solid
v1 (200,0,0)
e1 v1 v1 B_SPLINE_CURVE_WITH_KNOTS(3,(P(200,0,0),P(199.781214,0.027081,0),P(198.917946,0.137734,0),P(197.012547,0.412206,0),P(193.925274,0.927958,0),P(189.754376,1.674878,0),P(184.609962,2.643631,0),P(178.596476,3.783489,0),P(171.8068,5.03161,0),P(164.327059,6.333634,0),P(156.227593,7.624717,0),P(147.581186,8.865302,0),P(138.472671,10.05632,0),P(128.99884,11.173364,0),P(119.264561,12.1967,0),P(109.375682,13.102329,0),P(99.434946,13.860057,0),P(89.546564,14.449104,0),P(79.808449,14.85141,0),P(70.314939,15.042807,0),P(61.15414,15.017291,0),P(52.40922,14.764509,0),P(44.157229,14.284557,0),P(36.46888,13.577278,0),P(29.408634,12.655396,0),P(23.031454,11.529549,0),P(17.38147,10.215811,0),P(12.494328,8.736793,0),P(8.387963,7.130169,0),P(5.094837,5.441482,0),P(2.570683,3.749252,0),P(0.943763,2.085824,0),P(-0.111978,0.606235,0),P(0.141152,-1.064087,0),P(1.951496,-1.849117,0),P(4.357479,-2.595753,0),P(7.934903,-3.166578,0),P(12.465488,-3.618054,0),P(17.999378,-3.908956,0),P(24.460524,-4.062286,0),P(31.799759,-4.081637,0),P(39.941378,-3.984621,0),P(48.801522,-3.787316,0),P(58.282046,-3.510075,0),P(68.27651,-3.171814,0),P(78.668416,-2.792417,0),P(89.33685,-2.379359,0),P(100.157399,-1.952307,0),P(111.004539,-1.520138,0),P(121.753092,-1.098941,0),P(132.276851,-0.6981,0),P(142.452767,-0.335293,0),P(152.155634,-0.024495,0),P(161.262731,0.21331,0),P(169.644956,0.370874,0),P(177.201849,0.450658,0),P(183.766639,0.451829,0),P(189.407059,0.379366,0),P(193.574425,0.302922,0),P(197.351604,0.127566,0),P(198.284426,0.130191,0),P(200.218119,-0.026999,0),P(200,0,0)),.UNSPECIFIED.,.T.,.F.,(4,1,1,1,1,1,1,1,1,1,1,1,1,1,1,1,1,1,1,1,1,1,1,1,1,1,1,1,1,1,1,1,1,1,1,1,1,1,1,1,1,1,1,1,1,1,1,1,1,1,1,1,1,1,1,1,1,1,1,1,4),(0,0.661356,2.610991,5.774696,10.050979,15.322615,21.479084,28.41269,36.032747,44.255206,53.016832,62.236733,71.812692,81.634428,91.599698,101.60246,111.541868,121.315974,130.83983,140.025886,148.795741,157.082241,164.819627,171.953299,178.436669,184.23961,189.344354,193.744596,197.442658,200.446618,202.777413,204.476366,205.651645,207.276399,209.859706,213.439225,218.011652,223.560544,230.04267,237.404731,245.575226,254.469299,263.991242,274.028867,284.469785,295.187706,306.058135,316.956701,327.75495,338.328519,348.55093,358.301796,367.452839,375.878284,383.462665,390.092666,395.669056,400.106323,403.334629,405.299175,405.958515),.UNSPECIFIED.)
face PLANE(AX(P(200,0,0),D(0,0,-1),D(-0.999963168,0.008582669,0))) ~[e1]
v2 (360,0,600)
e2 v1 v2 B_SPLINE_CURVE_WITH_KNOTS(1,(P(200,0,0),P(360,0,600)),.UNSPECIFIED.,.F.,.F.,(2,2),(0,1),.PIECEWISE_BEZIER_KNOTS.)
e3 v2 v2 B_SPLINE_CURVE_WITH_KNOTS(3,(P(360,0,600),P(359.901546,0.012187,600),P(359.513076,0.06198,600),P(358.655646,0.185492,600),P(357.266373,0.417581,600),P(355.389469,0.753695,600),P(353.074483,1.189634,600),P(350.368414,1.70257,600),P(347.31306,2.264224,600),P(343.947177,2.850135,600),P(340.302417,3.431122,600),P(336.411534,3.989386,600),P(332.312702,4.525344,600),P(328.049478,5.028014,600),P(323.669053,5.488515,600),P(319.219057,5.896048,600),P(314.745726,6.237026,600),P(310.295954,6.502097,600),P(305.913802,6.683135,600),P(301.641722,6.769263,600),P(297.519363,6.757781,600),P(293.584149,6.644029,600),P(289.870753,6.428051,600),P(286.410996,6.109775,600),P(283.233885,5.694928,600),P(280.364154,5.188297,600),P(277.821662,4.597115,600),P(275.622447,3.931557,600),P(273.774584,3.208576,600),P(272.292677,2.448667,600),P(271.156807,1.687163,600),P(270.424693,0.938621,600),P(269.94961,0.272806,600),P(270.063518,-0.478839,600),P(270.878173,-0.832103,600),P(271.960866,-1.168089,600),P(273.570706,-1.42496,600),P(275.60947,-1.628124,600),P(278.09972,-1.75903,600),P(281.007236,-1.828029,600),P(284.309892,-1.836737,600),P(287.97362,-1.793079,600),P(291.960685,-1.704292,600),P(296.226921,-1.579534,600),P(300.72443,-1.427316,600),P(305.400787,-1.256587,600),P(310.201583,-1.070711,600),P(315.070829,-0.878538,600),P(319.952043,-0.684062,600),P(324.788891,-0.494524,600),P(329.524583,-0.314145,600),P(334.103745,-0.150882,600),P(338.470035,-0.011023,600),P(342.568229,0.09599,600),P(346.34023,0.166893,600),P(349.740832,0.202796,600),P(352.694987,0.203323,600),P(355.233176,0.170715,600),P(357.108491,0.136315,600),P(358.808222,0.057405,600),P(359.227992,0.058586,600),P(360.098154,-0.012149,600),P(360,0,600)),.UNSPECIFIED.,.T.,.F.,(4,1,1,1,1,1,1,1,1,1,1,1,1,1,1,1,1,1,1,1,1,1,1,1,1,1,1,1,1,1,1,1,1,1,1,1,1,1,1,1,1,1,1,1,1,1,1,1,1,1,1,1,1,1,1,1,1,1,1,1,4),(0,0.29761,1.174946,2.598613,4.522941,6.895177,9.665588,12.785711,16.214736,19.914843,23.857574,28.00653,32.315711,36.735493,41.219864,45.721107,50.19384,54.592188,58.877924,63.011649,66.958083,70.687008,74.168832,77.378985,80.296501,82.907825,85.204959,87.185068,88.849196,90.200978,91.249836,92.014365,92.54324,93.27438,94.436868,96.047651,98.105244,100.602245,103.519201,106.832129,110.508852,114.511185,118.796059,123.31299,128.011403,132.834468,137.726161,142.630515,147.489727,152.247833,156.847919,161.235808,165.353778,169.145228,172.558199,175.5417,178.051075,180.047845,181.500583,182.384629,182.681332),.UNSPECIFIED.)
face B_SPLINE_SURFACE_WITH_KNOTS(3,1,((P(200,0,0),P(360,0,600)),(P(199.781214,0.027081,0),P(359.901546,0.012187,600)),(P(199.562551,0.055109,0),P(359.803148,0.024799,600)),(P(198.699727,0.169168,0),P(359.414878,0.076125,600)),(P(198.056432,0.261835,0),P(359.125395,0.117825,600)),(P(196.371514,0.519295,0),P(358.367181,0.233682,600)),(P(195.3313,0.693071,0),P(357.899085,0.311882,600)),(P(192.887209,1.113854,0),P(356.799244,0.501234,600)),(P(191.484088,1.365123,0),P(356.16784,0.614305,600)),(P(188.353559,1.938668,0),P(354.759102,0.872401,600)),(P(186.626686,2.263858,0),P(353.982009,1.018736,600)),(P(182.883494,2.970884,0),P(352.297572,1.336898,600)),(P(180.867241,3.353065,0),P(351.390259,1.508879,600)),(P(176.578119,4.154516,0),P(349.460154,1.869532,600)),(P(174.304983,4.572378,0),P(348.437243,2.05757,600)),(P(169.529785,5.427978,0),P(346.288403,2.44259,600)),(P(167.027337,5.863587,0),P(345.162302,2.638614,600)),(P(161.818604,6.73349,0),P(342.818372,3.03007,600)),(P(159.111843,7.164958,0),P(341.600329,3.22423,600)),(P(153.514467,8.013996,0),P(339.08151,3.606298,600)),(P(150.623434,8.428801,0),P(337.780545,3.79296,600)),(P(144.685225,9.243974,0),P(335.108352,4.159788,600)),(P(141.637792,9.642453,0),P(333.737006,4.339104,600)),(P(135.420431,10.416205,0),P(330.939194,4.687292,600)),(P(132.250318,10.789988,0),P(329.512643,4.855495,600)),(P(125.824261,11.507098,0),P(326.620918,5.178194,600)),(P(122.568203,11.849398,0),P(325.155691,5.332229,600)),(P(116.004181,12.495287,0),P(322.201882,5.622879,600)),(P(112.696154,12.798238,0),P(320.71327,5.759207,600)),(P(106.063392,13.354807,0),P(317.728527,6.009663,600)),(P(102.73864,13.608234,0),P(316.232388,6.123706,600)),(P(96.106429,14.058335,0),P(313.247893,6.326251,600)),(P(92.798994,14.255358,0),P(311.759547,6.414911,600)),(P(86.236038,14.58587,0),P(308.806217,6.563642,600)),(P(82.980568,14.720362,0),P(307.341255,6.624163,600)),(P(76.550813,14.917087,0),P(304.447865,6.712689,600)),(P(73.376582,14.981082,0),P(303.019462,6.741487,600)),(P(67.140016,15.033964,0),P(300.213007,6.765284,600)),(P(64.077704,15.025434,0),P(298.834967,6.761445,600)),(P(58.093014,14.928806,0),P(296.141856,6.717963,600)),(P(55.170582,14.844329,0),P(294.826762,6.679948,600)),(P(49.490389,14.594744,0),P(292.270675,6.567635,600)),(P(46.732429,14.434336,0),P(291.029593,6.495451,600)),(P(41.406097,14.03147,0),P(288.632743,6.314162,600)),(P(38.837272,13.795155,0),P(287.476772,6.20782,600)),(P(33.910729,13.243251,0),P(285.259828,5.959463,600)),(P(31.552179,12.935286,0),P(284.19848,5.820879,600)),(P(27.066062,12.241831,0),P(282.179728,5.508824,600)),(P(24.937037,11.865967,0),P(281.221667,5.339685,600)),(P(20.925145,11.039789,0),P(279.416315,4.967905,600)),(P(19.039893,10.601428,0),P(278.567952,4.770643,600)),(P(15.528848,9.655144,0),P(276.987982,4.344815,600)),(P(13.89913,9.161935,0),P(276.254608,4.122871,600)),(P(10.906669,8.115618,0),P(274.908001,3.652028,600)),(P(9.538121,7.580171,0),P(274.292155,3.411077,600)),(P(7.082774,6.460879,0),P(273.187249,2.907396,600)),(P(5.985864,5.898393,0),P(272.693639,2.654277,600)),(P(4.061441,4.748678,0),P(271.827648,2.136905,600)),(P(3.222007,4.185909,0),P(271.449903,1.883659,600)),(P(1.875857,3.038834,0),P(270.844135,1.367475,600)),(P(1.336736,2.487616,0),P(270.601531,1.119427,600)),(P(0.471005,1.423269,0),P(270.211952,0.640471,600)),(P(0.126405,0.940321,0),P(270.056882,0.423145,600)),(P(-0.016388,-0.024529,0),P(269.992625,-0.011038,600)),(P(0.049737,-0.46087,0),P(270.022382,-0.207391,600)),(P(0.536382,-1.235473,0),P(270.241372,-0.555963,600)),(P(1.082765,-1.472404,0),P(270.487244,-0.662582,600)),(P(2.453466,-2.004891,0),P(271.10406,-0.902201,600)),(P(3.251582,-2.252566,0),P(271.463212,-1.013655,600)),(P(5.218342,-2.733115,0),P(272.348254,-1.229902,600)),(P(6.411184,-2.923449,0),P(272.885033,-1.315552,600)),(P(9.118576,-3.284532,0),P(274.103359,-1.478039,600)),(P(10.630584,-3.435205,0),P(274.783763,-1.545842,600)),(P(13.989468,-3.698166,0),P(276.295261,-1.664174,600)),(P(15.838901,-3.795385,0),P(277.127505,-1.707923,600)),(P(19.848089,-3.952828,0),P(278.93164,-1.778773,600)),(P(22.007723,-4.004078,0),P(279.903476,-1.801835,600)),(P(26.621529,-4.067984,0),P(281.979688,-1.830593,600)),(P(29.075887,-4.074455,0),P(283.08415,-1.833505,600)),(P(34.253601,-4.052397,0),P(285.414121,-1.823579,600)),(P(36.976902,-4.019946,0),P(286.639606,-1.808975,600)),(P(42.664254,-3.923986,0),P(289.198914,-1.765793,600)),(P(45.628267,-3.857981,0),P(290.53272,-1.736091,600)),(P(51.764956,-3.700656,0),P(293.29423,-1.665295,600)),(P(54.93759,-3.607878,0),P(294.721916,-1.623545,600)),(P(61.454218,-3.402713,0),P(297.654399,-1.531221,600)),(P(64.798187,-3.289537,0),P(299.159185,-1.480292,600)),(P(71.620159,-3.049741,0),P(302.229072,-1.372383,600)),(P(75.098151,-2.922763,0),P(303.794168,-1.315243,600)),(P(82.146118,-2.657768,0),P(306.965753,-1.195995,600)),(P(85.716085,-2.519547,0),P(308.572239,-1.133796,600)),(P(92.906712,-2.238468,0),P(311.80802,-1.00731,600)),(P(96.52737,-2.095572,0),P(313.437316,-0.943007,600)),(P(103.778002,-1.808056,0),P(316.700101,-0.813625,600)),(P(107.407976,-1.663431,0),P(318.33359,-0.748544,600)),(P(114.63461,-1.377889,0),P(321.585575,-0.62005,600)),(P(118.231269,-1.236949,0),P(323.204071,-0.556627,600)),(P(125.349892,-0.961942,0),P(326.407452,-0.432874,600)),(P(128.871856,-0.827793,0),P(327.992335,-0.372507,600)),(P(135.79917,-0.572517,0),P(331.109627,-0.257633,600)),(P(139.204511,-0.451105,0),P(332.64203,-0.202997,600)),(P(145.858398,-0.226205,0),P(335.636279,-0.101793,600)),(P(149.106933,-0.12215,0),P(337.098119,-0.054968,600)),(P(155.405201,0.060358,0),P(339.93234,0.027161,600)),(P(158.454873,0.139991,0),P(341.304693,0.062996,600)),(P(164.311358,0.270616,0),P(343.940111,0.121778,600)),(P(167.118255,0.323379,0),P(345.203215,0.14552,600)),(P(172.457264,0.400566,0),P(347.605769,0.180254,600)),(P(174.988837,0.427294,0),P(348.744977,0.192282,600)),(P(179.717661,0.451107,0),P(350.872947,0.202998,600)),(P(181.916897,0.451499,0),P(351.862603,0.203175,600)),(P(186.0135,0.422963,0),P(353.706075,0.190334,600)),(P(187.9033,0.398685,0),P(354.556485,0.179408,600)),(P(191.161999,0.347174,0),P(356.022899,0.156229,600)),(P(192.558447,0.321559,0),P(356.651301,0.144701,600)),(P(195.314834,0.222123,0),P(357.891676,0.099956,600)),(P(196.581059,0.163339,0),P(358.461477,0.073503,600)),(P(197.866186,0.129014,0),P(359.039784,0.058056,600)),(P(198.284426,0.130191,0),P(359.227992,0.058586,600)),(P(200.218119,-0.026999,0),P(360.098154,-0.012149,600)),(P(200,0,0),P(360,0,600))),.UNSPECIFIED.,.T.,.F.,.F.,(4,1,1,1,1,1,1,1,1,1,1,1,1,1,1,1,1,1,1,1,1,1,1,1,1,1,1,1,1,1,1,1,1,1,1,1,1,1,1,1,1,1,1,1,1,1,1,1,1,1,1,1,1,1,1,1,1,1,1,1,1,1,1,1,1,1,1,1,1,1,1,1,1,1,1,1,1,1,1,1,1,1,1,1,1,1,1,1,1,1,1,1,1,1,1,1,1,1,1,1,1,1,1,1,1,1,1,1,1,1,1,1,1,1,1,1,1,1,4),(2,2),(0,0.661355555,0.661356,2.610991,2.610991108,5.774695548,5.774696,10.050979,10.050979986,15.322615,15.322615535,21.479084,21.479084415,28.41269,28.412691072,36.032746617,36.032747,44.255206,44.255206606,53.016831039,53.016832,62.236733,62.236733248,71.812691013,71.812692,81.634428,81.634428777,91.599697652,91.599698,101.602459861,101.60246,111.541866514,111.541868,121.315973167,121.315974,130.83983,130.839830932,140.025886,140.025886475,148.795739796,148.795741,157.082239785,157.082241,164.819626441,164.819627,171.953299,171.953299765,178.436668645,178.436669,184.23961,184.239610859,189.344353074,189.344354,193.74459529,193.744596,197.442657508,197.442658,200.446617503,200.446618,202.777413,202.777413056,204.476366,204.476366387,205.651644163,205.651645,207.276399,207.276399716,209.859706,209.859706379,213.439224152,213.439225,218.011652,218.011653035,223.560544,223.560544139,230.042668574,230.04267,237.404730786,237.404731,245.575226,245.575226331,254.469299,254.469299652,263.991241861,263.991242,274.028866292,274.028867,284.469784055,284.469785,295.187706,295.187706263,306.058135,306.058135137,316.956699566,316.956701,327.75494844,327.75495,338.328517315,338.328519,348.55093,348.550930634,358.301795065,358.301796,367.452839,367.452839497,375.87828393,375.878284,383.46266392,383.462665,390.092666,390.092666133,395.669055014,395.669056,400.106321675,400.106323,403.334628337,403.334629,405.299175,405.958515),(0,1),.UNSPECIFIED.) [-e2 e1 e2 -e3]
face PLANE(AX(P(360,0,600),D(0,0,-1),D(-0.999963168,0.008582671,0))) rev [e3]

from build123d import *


with BuildPart() as part:
    # Sketch → AdditiveLoft section 0
    with BuildSketch(Plane.XY):
        with BuildLine():
            add(Edge.make_bspline(
                [(200, 0), (199.781214, 0.027081), (198.917946, 0.137734), (197.012547, 0.412206), (193.925274, 0.927958), (189.754376, 1.674878), (184.609962, 2.643631), (178.596476, 3.783489), (171.8068, 5.03161), (164.327059, 6.333634), (156.227593, 7.624717), (147.581186, 8.865302), (138.472671, 10.05632), (128.99884, 11.173364), (119.264561, 12.1967), (109.375682, 13.102329), (99.434946, 13.860057), (89.546564, 14.449104), (79.808449, 14.85141), (70.314939, 15.042807), (61.15414, 15.017291), (52.40922, 14.764509), (44.157229, 14.284557), (36.46888, 13.577278), (29.408634, 12.655396), (23.031454, 11.529549), (17.38147, 10.215811), (12.494328, 8.736793), (8.387963, 7.130169), (5.094837, 5.441482), (2.570683, 3.749252), (0.943763, 2.085824), (-0.111978, 0.606235), (0.141152, -1.064087), (1.951496, -1.849117), (4.357479, -2.595753), (7.934903, -3.166578), (12.465488, -3.618054), (17.999378, -3.908956), (24.460524, -4.062286), (31.799759, -4.081637), (39.941378, -3.984621), (48.801522, -3.787316), (58.282046, -3.510075), (68.27651, -3.171814), (78.668416, -2.792417), (89.33685, -2.379359), (100.157399, -1.952307), (111.004539, -1.520138), (121.753092, -1.098941), (132.276851, -0.6981), (142.452767, -0.335293), (152.155634, -0.024495), (161.262731, 0.21331), (169.644956, 0.370874), (177.201849, 0.450658), (183.766639, 0.451829), (189.407059, 0.379366), (193.574425, 0.302922), (197.351604, 0.127566), (198.284426, 0.130191), (200.218119, -0.026999), (200, 0)],
                knots=[0, 0, 0, 0, 0.661356, 2.610991, 5.774696, 10.050979, 15.322615, 21.479084, 28.41269, 36.032747, 44.255206, 53.016832, 62.236733, 71.812692, 81.634428, 91.599698, 101.60246, 111.541868, 121.315974, 130.83983, 140.025886, 148.795741, 157.082241, 164.819627, 171.953299, 178.436669, 184.23961, 189.344354, 193.744596, 197.442658, 200.446618, 202.777413, 204.476366, 205.651645, 207.276399, 209.859706, 213.439225, 218.011652, 223.560544, 230.04267, 237.404731, 245.575226, 254.469299, 263.991242, 274.028867, 284.469785, 295.187706, 306.058135, 316.956701, 327.75495, 338.328519, 348.55093, 358.301796, 367.452839, 375.878284, 383.462665, 390.092666, 395.669056, 400.106323, 403.334629, 405.299175, 405.958515, 405.958515, 405.958515, 405.958515], degree=3))
        make_face()
    # Sketch001 → AdditiveLoft section 1
    with BuildSketch(Plane(origin=(270, 0, 600), x_dir=(1, 0, 0), z_dir=(0, 0, 1))):
        with BuildLine():
            add(Edge.make_bspline(
                [(90, 0), (89.901546, 0.012187), (89.513076, 0.06198), (88.655646, 0.185492), (87.266373, 0.417581), (85.389469, 0.753695), (83.074483, 1.189634), (80.368414, 1.70257), (77.31306, 2.264224), (73.947177, 2.850135), (70.302417, 3.431122), (66.411534, 3.989386), (62.312702, 4.525344), (58.049478, 5.028014), (53.669053, 5.488515), (49.219057, 5.896048), (44.745726, 6.237026), (40.295954, 6.502097), (35.913802, 6.683135), (31.641722, 6.769263), (27.519363, 6.757781), (23.584149, 6.644029), (19.870753, 6.428051), (16.410996, 6.109775), (13.233885, 5.694928), (10.364154, 5.188297), (7.821662, 4.597115), (5.622447, 3.931557), (3.774584, 3.208576), (2.292677, 2.448667), (1.156807, 1.687163), (0.424693, 0.938621), (-0.05039, 0.272806), (0.063518, -0.478839), (0.878173, -0.832103), (1.960866, -1.168089), (3.570706, -1.42496), (5.60947, -1.628124), (8.09972, -1.75903), (11.007236, -1.828029), (14.309892, -1.836737), (17.97362, -1.793079), (21.960685, -1.704292), (26.226921, -1.579534), (30.72443, -1.427316), (35.400787, -1.256587), (40.201583, -1.070711), (45.070829, -0.878538), (49.952043, -0.684062), (54.788891, -0.494524), (59.524583, -0.314145), (64.103745, -0.150882), (68.470035, -0.011023), (72.568229, 0.09599), (76.34023, 0.166893), (79.740832, 0.202796), (82.694987, 0.203323), (85.233176, 0.170715), (87.108491, 0.136315), (88.808222, 0.057405), (89.227992, 0.058586), (90.098154, -0.012149), (90, 0)],
                knots=[0, 0, 0, 0, 0.29761, 1.174946, 2.598613, 4.522941, 6.895177, 9.665588, 12.785711, 16.214736, 19.914843, 23.857574, 28.00653, 32.315711, 36.735493, 41.219864, 45.721107, 50.19384, 54.592188, 58.877924, 63.011649, 66.958083, 70.687008, 74.168832, 77.378985, 80.296501, 82.907825, 85.204959, 87.185068, 88.849196, 90.200978, 91.249836, 92.014365, 92.54324, 93.27438, 94.436868, 96.047651, 98.105244, 100.602245, 103.519201, 106.832129, 110.508852, 114.511185, 118.796059, 123.31299, 128.011403, 132.834468, 137.726161, 142.630515, 147.489727, 152.247833, 156.847919, 161.235808, 165.353778, 169.145228, 172.558199, 175.5417, 178.051075, 180.047845, 181.500583, 182.384629, 182.681332, 182.681332, 182.681332, 182.681332], degree=3))
        make_face()
    loft()


solid = part.part
